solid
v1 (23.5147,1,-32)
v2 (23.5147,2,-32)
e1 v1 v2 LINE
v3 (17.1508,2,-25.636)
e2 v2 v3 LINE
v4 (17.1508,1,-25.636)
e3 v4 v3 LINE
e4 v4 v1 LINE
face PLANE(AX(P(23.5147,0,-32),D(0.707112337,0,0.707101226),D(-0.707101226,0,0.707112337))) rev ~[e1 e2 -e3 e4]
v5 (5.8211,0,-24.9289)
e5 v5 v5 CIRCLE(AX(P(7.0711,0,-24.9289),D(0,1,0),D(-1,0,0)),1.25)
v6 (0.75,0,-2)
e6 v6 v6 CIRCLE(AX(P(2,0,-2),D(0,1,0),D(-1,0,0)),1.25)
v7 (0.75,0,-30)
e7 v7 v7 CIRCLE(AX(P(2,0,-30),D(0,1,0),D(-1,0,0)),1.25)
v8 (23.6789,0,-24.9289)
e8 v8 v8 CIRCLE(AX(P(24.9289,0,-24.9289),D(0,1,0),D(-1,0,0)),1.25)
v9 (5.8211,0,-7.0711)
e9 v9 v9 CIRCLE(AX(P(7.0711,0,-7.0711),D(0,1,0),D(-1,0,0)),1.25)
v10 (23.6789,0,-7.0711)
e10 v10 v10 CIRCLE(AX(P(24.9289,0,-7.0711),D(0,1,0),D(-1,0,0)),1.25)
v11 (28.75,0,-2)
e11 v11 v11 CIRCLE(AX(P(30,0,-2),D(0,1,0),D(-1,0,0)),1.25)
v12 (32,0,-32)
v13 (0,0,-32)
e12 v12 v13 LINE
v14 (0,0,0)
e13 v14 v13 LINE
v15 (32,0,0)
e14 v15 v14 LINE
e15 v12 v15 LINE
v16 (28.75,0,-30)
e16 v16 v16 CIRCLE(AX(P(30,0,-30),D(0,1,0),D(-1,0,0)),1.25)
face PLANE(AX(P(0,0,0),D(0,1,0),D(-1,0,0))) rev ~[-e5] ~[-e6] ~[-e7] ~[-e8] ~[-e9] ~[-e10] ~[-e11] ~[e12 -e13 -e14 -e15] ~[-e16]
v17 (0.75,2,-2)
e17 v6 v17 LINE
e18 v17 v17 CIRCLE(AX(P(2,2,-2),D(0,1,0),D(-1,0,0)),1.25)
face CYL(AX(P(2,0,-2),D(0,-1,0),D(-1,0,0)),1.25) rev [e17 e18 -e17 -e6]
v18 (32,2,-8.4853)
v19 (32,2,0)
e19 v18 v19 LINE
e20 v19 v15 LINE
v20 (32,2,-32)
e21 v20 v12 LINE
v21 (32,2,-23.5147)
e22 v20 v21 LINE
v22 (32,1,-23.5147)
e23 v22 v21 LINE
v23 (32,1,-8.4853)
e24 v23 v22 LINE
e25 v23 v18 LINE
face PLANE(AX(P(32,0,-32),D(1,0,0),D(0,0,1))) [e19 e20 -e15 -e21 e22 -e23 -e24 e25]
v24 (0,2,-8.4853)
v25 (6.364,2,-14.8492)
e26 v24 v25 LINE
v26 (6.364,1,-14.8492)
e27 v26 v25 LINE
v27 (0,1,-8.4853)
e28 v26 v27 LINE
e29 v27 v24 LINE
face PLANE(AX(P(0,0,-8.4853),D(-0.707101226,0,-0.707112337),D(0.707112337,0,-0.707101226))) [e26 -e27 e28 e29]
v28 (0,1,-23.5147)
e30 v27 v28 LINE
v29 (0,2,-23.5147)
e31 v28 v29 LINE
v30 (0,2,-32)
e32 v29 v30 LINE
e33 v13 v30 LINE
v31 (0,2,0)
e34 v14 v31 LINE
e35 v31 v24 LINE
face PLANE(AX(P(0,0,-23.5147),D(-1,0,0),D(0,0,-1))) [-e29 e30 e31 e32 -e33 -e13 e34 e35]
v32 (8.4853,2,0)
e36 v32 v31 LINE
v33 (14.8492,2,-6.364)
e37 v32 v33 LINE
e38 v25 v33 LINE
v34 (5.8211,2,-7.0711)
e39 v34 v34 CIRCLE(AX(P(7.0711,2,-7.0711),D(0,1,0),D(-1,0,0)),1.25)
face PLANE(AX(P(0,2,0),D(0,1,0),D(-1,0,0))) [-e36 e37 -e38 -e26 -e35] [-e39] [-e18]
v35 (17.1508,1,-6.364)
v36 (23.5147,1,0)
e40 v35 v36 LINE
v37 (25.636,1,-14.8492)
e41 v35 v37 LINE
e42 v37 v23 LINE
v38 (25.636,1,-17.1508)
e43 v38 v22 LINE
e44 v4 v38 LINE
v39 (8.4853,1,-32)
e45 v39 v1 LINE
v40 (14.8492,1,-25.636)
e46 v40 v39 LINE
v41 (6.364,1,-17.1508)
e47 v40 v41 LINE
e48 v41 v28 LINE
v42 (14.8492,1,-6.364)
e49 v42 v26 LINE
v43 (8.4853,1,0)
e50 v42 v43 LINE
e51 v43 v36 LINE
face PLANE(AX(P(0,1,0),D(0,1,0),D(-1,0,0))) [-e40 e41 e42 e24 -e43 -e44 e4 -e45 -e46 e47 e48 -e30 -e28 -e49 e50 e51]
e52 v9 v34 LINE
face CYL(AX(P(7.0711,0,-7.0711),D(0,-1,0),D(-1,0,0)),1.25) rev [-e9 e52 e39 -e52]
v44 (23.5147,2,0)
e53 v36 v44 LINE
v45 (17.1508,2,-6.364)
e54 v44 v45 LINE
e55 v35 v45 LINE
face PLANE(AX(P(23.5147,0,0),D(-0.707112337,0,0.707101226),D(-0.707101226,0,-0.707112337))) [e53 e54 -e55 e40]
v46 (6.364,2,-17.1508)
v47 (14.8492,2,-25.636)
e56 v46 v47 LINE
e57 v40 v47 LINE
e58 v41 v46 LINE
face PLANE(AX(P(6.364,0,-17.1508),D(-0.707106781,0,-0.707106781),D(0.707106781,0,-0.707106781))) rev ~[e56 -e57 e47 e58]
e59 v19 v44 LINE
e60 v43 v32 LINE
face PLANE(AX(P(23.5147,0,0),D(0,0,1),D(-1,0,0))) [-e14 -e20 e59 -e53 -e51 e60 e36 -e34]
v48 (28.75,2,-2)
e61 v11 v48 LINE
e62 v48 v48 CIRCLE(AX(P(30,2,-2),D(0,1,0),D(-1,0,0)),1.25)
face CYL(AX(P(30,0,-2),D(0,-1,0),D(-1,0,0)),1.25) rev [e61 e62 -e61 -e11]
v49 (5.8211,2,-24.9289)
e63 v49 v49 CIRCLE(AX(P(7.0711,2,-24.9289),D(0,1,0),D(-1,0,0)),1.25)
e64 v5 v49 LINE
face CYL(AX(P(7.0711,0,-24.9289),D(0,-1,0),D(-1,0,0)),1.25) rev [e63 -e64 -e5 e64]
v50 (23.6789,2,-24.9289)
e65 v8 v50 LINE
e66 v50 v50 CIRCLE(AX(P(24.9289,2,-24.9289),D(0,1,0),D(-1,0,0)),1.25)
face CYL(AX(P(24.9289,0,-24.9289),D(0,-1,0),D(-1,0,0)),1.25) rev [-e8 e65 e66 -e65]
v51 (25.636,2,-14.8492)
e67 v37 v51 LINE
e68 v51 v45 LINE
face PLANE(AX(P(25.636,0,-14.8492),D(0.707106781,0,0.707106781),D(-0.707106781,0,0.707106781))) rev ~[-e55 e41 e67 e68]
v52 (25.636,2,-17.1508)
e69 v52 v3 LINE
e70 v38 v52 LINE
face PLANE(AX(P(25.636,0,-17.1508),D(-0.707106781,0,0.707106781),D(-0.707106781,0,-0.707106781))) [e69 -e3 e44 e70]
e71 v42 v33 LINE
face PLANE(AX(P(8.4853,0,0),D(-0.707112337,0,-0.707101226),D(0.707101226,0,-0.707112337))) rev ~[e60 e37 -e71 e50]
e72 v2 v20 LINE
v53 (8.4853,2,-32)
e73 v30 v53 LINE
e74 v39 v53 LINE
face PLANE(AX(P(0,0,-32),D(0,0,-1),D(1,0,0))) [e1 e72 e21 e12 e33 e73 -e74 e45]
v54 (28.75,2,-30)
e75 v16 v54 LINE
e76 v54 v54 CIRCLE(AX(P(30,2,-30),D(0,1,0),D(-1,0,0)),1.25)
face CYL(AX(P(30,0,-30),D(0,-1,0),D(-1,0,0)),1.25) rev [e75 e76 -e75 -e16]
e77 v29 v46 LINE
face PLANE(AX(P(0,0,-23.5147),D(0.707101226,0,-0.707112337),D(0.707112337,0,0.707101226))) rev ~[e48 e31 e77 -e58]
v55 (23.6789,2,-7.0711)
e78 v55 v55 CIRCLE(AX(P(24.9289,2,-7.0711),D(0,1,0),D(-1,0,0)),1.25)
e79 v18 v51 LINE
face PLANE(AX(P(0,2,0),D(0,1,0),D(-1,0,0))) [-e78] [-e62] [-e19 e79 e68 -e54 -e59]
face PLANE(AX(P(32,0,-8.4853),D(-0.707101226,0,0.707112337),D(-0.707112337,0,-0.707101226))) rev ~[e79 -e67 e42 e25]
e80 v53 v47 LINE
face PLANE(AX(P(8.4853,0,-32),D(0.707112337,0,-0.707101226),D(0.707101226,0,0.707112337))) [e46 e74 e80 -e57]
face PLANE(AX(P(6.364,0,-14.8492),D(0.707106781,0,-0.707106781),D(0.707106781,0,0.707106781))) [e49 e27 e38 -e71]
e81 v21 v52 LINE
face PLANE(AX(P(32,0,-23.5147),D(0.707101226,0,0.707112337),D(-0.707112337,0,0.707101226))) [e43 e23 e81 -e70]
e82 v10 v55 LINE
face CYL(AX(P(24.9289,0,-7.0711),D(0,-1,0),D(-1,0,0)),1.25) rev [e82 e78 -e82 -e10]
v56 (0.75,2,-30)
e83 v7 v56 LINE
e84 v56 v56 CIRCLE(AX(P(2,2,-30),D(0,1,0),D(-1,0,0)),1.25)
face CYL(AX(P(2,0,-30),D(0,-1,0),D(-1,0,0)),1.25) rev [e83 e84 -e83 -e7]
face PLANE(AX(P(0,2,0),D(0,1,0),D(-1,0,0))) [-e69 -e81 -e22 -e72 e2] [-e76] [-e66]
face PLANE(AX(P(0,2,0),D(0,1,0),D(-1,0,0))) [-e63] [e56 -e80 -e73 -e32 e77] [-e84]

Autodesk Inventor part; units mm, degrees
ref_plane "YZ Plane" through (0, 0, 0) normal (1, 0, 0) x (0, 1, 0)
ref_plane "XZ Plane" through (0, 0, 0) normal (0, 1, 0) x (-1, 0, 0)
ref_plane "XY Plane" through (0, 0, 0) normal (0, 0, 1) x (1, 0, 0)
sketch "Sketch1" plane through (0, 0, 0) normal (0, 1, 0) x (-1, 0, 0)
  line L0 (0, -32) -> (-32, -32)
  line L1 (-32, -32) -> (-32, 0)
  line L2 (-32, 0) -> (0, 0)
  line L3 (0, 0) -> (0, -32)
  line L4 (0, 0) -> (-4, 0)
  line L5 (-32, 0) -> (-32, -4)
  circle A0 centre (-2, -2) radius 1.25
  circle A1 centre (-30, -2) radius 1.25
  circle A2 centre (-2, -30) radius 1.25
  circle A3 centre (-30, -30) radius 1.25
  line L6 (-8.4853, -32) -> (-14.8492, -25.636)
  line L7 (0, -23.5147) -> (-6.364, -17.1508)
  line L8 (-6.364, -17.1508) -> (-14.8492, -25.636)
  circle A4 centre (-7.0711, -24.9289) radius 1.25
  line L9 (-23.5147, -32) -> (-17.1508, -25.636)
  line L10 (-32, -23.5147) -> (-25.636, -17.1508)
  circle A5 centre (-24.9289, -24.9289) radius 1.25
  line L11 (-25.636, -17.1508) -> (-17.1508, -25.636)
  line L12 (-8.4853, 0) -> (-14.8492, -6.364)
  line L13 (-6.364, -14.8492) -> (-14.8492, -6.364)
  circle A6 centre (-7.0711, -7.0711) radius 1.25
  line L14 (-25.636, -14.8492) -> (-17.1508, -6.364)
  circle A7 centre (-24.9289, -7.0711) radius 1.25
  line L15 (-23.5147, 0) -> (-17.1508, -6.364)
  line L16 (-32, -8.4853) -> (-25.636, -14.8492)
  line L17 (0, -8.4853) -> (-6.364, -14.8492)
  point P0 (0, 0)
  point P1 (0, 0)
  dimension "d0" = 4
  dimension "d1" = 2.5
  dimension "d2" = 2.5
extrude "Extrusion1" add sketch "Sketch1" along normal blind 1
extrude "Extrusion2" add sketch "Sketch1" along normal blind 2 contours L0 L6 L8 L7 L3 | L0 L1 L10 L11 L9 | L17 L13 L12 L2 L3 | L1 L2 L15 L14 L16
properties part number "botten"
